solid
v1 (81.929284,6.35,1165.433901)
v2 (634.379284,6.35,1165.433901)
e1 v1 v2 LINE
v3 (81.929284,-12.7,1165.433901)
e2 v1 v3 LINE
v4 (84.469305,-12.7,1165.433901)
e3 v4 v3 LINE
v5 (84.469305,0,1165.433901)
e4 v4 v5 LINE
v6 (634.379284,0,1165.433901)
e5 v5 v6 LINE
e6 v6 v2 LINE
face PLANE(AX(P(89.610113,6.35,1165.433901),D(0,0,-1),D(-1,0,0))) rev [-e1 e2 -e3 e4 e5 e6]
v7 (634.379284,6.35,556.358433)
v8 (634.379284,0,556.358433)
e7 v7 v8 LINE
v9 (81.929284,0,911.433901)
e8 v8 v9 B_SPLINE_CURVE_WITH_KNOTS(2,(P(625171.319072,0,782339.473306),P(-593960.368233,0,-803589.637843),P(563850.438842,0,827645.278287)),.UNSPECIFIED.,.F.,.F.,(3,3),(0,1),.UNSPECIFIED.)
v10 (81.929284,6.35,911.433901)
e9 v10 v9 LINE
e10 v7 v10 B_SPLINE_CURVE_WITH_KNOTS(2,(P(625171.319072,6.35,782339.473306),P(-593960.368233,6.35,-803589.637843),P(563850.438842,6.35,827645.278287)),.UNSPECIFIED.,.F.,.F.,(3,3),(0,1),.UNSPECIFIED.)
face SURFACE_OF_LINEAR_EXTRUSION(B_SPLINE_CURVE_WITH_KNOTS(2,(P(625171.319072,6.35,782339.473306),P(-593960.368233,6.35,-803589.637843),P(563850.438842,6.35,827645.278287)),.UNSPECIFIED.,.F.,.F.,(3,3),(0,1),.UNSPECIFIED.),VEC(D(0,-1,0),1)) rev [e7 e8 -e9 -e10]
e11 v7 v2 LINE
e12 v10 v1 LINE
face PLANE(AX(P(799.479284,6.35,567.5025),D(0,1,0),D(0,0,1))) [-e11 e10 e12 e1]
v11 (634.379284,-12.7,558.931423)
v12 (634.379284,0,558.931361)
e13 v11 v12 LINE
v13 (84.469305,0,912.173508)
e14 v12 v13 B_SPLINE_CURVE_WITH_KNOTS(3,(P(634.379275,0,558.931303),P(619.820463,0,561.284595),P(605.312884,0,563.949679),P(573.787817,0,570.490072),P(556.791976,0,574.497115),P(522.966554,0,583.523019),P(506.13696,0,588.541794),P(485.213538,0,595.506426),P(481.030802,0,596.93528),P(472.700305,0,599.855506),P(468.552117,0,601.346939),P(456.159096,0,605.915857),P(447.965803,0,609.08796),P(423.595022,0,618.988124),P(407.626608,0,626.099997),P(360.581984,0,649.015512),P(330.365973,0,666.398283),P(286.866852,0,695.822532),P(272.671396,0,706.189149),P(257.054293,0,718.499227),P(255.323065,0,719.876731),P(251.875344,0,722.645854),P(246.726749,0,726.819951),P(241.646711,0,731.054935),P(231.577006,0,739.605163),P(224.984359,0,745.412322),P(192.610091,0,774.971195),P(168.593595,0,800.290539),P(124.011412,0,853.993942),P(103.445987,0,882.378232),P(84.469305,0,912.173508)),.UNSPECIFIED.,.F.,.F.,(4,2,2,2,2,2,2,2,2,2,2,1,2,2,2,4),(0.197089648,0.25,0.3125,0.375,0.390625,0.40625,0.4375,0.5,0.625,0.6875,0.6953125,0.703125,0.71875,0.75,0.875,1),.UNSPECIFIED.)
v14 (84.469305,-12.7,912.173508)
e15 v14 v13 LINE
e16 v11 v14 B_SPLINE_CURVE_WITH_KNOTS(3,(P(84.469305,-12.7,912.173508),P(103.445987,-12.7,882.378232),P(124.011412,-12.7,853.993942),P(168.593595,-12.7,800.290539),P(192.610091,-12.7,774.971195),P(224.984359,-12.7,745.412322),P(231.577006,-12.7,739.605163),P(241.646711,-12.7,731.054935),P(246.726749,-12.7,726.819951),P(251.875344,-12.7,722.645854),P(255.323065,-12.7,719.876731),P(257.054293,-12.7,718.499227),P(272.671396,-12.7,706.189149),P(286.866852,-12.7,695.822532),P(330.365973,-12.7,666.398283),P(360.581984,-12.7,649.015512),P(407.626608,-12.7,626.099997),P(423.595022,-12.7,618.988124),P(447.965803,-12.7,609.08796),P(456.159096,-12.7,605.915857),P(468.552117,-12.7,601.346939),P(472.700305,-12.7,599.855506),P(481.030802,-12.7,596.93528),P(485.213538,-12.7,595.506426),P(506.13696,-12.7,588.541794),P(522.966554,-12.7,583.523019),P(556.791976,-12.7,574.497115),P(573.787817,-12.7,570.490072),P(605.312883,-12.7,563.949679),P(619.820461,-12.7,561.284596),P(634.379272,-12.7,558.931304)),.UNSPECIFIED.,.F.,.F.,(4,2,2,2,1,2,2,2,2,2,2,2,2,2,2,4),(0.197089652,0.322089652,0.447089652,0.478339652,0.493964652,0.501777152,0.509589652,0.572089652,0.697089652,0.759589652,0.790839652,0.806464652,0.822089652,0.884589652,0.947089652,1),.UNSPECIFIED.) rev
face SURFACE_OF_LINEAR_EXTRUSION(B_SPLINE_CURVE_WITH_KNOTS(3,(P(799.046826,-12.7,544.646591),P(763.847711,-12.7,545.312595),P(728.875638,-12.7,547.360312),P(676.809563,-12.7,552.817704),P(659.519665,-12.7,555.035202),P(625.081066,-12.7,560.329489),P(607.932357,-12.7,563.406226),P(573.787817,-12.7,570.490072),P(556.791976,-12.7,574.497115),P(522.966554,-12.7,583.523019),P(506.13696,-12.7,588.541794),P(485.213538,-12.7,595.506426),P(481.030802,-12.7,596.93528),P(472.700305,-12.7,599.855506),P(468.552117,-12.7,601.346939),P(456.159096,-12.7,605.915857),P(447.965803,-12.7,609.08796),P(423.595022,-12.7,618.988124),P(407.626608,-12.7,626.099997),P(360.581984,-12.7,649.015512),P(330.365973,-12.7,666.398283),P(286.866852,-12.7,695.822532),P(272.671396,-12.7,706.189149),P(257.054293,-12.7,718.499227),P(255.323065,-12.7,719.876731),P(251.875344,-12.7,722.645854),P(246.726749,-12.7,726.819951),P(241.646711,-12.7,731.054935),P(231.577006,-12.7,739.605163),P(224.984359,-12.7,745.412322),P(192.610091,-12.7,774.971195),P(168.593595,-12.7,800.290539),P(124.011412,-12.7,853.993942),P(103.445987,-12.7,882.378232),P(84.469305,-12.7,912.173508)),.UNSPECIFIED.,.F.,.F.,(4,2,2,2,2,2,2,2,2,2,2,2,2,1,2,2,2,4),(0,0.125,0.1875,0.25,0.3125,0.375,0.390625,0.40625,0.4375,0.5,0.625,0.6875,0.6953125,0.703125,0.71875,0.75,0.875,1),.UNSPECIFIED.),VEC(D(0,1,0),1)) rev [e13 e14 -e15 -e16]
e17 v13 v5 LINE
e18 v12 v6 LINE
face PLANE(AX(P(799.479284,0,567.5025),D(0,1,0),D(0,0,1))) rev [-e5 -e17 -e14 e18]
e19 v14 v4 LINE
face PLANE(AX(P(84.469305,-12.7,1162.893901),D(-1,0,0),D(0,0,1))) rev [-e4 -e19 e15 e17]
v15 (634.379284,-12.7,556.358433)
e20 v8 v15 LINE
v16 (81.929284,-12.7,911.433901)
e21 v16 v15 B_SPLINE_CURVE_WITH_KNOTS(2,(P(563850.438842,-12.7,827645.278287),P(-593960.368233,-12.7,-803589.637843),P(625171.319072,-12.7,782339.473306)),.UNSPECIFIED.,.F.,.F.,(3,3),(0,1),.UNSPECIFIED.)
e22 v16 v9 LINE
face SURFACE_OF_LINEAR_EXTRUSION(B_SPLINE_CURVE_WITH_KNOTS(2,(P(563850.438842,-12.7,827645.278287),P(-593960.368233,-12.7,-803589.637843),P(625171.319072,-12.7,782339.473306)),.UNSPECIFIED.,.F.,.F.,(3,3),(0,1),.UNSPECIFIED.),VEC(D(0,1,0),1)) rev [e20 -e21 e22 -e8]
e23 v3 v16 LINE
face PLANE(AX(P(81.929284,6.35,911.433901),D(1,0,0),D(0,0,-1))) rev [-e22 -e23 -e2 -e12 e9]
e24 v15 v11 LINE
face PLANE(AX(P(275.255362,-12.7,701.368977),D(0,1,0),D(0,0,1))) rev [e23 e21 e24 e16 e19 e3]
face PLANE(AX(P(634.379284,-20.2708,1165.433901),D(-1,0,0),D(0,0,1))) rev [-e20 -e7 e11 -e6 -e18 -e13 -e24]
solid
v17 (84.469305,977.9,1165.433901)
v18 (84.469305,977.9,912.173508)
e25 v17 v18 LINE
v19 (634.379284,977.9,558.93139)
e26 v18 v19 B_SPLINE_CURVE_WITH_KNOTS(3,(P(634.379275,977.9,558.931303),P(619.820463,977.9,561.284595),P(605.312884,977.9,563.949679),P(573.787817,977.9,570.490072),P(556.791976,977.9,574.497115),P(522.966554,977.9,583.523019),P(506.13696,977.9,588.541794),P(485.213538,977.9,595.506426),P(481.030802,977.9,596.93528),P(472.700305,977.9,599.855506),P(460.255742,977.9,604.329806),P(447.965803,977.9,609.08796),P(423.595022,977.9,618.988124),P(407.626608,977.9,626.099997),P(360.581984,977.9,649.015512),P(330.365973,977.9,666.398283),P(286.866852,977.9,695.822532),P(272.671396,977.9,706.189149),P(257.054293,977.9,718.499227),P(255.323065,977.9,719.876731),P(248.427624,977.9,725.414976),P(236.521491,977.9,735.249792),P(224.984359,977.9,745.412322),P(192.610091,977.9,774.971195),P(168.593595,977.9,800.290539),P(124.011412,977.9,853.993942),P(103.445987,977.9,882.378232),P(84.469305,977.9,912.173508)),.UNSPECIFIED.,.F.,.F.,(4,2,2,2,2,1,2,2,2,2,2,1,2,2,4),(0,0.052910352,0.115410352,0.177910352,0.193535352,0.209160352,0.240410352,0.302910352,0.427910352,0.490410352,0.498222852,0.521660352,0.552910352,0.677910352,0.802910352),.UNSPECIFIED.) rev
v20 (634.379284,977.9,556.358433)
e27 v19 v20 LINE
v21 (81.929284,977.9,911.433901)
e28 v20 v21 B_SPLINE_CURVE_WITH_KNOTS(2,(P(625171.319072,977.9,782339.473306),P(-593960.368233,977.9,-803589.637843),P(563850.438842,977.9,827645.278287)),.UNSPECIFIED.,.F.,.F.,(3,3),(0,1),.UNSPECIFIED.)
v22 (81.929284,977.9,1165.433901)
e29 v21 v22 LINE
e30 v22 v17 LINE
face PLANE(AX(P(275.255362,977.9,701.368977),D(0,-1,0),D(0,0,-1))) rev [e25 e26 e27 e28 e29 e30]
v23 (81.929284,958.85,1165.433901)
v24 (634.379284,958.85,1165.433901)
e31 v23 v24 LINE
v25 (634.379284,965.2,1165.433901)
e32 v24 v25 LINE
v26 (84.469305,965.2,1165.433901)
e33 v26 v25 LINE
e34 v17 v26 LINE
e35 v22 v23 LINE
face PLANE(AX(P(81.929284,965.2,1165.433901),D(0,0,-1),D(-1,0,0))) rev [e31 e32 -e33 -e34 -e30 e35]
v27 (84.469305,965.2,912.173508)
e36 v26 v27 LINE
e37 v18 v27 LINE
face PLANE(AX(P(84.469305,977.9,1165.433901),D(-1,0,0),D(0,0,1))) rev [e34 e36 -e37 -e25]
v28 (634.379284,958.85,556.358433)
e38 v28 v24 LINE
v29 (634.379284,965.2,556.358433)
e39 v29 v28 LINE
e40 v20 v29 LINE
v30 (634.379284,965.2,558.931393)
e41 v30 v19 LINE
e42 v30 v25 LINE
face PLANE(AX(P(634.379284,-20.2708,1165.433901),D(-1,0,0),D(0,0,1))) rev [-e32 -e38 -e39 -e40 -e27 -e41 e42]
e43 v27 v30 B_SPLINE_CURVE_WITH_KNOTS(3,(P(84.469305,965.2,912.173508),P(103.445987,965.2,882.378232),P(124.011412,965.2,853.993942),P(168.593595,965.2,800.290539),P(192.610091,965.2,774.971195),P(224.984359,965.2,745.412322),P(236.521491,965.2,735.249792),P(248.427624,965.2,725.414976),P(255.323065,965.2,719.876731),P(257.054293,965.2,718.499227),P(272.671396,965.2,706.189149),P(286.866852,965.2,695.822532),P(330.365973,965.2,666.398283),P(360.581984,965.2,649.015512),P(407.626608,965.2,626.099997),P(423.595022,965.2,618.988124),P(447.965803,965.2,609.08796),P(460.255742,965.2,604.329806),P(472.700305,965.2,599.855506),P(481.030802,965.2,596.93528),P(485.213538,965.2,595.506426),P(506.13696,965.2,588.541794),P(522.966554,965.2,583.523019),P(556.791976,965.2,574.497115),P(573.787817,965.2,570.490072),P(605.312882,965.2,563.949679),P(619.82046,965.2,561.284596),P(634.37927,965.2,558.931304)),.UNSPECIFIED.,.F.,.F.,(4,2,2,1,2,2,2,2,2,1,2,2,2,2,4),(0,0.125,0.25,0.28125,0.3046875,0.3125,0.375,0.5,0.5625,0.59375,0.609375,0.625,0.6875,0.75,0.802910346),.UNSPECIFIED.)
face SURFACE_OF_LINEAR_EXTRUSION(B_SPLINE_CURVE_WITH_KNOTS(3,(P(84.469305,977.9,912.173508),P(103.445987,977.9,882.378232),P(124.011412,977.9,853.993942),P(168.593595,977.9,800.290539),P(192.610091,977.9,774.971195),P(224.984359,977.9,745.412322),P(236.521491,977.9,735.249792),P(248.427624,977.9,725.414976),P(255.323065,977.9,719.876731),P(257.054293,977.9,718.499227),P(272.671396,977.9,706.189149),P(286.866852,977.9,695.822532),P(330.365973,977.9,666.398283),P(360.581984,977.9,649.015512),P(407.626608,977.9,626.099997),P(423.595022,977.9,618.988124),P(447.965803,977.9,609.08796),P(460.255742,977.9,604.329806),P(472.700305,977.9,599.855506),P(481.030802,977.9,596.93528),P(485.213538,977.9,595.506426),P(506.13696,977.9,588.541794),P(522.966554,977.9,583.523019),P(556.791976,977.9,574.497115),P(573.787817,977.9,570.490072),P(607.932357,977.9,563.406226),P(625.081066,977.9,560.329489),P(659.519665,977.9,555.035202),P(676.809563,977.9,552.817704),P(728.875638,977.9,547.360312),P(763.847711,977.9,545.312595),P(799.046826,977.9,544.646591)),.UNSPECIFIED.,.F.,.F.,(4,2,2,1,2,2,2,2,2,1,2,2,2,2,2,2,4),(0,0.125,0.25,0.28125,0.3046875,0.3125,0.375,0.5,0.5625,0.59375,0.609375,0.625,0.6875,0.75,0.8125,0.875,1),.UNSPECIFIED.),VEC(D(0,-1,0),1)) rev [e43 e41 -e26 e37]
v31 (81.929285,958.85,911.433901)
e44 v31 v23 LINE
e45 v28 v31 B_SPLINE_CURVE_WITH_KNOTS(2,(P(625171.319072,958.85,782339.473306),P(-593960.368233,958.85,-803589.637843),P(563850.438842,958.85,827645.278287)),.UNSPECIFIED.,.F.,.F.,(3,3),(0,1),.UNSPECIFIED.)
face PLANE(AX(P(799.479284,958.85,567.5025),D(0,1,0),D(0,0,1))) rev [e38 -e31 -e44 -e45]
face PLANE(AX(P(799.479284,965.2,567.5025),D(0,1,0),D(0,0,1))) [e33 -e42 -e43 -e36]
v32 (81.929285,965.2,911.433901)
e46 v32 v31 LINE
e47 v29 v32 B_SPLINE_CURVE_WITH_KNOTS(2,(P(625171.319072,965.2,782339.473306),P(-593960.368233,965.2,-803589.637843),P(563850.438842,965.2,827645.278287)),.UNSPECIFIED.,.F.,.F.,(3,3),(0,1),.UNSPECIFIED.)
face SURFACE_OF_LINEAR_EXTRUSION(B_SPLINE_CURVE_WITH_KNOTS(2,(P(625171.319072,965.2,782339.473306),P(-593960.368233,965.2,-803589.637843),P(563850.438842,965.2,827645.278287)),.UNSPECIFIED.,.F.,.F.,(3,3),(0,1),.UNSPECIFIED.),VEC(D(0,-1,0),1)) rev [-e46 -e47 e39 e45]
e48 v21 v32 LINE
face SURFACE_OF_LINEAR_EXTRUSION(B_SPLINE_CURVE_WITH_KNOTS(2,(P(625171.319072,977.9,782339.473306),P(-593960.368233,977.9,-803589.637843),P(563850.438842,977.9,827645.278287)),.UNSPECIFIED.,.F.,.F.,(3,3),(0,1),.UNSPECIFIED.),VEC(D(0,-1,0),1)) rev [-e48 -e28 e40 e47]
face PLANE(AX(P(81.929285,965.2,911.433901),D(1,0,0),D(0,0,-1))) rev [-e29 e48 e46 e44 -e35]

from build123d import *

# Parameters (mm, degrees)
BOSS_EXTRUDE1_DEPTH     = 6.35
BOSS_EXTRUDE3_DEPTH     = 6.35
BOSS_EXTRUDE5_DEPTH     = 12.7
BOSS_EXTRUDE6_DEPTH     = 12.7
CUT_EXTRUDE4_DEPTH      = 1728.012280013
CUT_EXTRUDE4_DEPTH_BACK = 1728.012280013
SKETCH15_W              = 190.5
SKETCH15_H              = 682.13068343


with BuildPart() as part:
    # Sketch1 → Boss-Extrude1 (new body)
    with BuildSketch(Plane(origin=(0, 0, 0), x_dir=(1, 0, 0), z_dir=(0, 1, 0))):
        with BuildLine():
            Line((89.610112992, -1165.433901317), (824.879284431, -1165.433901317))
            Line((824.879284431, -1165.433901317), (824.879284431, -567.502499631))
            ThreePointArc((824.879284431, -567.502499631), (817.269099996, -549.372897811), (798.9987756, -542.107045091))
            add(Edge.make_bspline(
                [(798.9987756, -542.107045091), (310.85287448, -551.343281294), (81.929284431, -911.433901317)],
                knots=[0, 0, 0, 1, 1, 1], degree=2))
            Line((81.929284431, -911.433901317), (81.929284431, -1165.433901317))
            Line((81.929284431, -1165.433901317), (89.610112992, -1165.433901317))
        make_face()
    extrude(amount=BOSS_EXTRUDE1_DEPTH)

    # Sketch7 → Boss-Extrude5 (add)
    with BuildSketch(Plane.XZ):
        with BuildLine():
            Line((81.929284431, 1165.433901317), (81.929284431, 911.433901317))
            add(Edge.make_bspline(
                [(81.929284431, 911.433901317), (310.852874413, 551.343281399), (798.998775313, 542.107045097)],
                knots=[0, 0, 0, 1, 1, 1], degree=2))
            Line((798.998775313, 542.107045097), (799.046826225, 544.64659055))
            add(Edge.make_bspline(
                [(84.469304621, 912.17350784), (103.445986698, 882.378231607), (124.011412428, 853.993941632), (168.593594737, 800.290538619), (192.61009119, 774.971194559), (224.984358741, 745.412322476), (231.577006451, 739.605162794), (241.646710977, 731.054934835), (246.726748812, 726.819950816), (251.875344395, 722.645853927), (255.323064638, 719.876731412), (257.054292928, 718.499226905), (272.671395942, 706.189149426), (286.866852119, 695.822531973), (330.365972729, 666.398283488), (360.581983591, 649.015511653), (407.626608262, 626.099997011), (423.595021874, 618.988123553), (447.965802624, 609.087960016), (456.159095509, 605.915857466), (468.552117196, 601.346939256), (472.700305171, 599.855506437), (481.030802365, 596.93527959), (485.213538017, 595.506425964), (506.136959561, 588.541794096), (522.966553896, 583.523018507), (556.791975897, 574.49711508), (573.787817466, 570.490071848), (607.932357178, 563.406226077), (625.08106614, 560.329489378), (659.519665029, 555.035202304), (676.809563487, 552.817703848), (728.875637539, 547.360312054), (763.847710868, 545.312595399), (799.046826225, 544.64659055)],
                knots=[0, 0, 0, 0, 0.125, 0.125, 0.25, 0.25, 0.28125, 0.28125, 0.296875, 0.3046875, 0.3046875, 0.3125, 0.3125, 0.375, 0.375, 0.5, 0.5, 0.5625, 0.5625, 0.59375, 0.59375, 0.609375, 0.609375, 0.625, 0.625, 0.6875, 0.6875, 0.75, 0.75, 0.8125, 0.8125, 0.875, 0.875, 1, 1, 1, 1], degree=3))
            Line((84.469304621, 912.17350784), (84.469304621, 1162.893900935))
            Line((84.469304621, 1162.893900935), (84.469304621, 1165.433901317))
            Line((84.469304621, 1165.433901317), (82.38244461, 1165.433901317))
            Line((82.38244461, 1165.433901317), (81.929284431, 1165.433901317))
        make_face()
    extrude(amount=BOSS_EXTRUDE5_DEPTH)


with BuildPart() as body_2:
    # Sketch3 → Boss-Extrude3 (new body)
    with BuildSketch(Plane(origin=(0, 958.85, 0), x_dir=(1, 0, 0), z_dir=(0, 1, 0))):
        with BuildLine():
            Line((81.92928454, -911.433901146), (81.929284431, -1165.433901317))
            Line((81.929284431, -1165.433901317), (824.879284431, -1165.433901317))
            Line((824.879284431, -1165.433901317), (824.879284431, -567.502499631))
            ThreePointArc((824.879284431, -567.502499631), (817.269099894, -549.37289771), (798.998775313, -542.107045097))
            add(Edge.make_bspline(
                [(798.998775313, -542.107045097), (310.852874529, -551.343281397), (81.92928454, -911.433901146)],
                knots=[0, 0, 0, 1, 1, 1], degree=2))
        make_face()
    extrude(amount=BOSS_EXTRUDE3_DEPTH)

    # Sketch8 → Boss-Extrude6 (add)
    with BuildSketch(Plane(origin=(0, 965.2, 0), x_dir=(1, 0, 0), z_dir=(0, 1, 0))):
        with BuildLine():
            Line((799.046826225, -544.64659055), (798.998775546, -542.107045092))
            add(Edge.make_bspline(
                [(798.998775546, -542.107045092), (310.852874466, -551.343281313), (81.92928443, -911.433901319)],
                knots=[0, 0, 0, 1, 1, 1], degree=2))
            Line((81.92928443, -911.433901319), (81.929284431, -1165.433901317))
            Line((81.929284431, -1165.433901317), (84.469304621, -1165.433901317))
            Line((84.469304621, -1165.433901317), (84.469304621, -912.17350784))
            add(Edge.make_bspline(
                [(84.469304621, -912.17350784), (103.445986698, -882.378231607), (124.011412428, -853.993941632), (168.593594737, -800.290538619), (192.61009119, -774.971194559), (224.984358741, -745.412322476), (236.521490923, -735.24979187), (248.427624153, -725.414976442), (255.323064638, -719.876731412), (257.054292928, -718.499226905), (272.671395942, -706.189149426), (286.866852119, -695.822531973), (330.365972729, -666.398283488), (360.581983591, -649.015511653), (407.626608262, -626.099997011), (423.595021874, -618.988123553), (447.965802624, -609.087960016), (460.255741598, -604.329805543), (472.700305171, -599.855506437), (481.030802365, -596.93527959), (485.213538017, -595.506425964), (506.136959561, -588.541794096), (522.966553896, -583.523018507), (556.791975897, -574.49711508), (573.787817466, -570.490071848), (607.932357178, -563.406226077), (625.08106614, -560.329489378), (659.519665029, -555.035202304), (676.809563487, -552.817703848), (728.875637539, -547.360312054), (763.847710868, -545.312595399), (799.046826225, -544.64659055)],
                knots=[0, 0, 0, 0, 0.125, 0.125, 0.25, 0.25, 0.28125, 0.3046875, 0.3046875, 0.3125, 0.3125, 0.375, 0.375, 0.5, 0.5, 0.5625, 0.5625, 0.59375, 0.609375, 0.609375, 0.625, 0.625, 0.6875, 0.6875, 0.75, 0.75, 0.8125, 0.8125, 0.875, 0.875, 1, 1, 1, 1], degree=3))
        make_face()
    extrude(amount=BOSS_EXTRUDE6_DEPTH)


with BuildPart() as cut_extrude4_tool:
    # Sketch15 → Cut-Extrude4 (new, two sides: drawn at the far end of the back side and taken through both)
    with BuildSketch(Plane(origin=(0, 958.85, 0), x_dir=(1, 0, 0), z_dir=(0, 1, 0)).offset(-CUT_EXTRUDE4_DEPTH_BACK)):
        with Locations((729.629284431, -824.368559602)):
            Rectangle(SKETCH15_W, SKETCH15_H)
    extrude(amount=CUT_EXTRUDE4_DEPTH + CUT_EXTRUDE4_DEPTH_BACK)


with BuildPart() as part_1:
    add(part.part)

    # Cut-Extrude4: cut by cut_extrude4_tool
    add(cut_extrude4_tool.part, mode=Mode.SUBTRACT)


with BuildPart() as body_2_1:
    add(body_2.part)

    # Cut-Extrude4: cut by cut_extrude4_tool
    add(cut_extrude4_tool.part, mode=Mode.SUBTRACT)


solid = Compound([part_1.part, body_2_1.part])
